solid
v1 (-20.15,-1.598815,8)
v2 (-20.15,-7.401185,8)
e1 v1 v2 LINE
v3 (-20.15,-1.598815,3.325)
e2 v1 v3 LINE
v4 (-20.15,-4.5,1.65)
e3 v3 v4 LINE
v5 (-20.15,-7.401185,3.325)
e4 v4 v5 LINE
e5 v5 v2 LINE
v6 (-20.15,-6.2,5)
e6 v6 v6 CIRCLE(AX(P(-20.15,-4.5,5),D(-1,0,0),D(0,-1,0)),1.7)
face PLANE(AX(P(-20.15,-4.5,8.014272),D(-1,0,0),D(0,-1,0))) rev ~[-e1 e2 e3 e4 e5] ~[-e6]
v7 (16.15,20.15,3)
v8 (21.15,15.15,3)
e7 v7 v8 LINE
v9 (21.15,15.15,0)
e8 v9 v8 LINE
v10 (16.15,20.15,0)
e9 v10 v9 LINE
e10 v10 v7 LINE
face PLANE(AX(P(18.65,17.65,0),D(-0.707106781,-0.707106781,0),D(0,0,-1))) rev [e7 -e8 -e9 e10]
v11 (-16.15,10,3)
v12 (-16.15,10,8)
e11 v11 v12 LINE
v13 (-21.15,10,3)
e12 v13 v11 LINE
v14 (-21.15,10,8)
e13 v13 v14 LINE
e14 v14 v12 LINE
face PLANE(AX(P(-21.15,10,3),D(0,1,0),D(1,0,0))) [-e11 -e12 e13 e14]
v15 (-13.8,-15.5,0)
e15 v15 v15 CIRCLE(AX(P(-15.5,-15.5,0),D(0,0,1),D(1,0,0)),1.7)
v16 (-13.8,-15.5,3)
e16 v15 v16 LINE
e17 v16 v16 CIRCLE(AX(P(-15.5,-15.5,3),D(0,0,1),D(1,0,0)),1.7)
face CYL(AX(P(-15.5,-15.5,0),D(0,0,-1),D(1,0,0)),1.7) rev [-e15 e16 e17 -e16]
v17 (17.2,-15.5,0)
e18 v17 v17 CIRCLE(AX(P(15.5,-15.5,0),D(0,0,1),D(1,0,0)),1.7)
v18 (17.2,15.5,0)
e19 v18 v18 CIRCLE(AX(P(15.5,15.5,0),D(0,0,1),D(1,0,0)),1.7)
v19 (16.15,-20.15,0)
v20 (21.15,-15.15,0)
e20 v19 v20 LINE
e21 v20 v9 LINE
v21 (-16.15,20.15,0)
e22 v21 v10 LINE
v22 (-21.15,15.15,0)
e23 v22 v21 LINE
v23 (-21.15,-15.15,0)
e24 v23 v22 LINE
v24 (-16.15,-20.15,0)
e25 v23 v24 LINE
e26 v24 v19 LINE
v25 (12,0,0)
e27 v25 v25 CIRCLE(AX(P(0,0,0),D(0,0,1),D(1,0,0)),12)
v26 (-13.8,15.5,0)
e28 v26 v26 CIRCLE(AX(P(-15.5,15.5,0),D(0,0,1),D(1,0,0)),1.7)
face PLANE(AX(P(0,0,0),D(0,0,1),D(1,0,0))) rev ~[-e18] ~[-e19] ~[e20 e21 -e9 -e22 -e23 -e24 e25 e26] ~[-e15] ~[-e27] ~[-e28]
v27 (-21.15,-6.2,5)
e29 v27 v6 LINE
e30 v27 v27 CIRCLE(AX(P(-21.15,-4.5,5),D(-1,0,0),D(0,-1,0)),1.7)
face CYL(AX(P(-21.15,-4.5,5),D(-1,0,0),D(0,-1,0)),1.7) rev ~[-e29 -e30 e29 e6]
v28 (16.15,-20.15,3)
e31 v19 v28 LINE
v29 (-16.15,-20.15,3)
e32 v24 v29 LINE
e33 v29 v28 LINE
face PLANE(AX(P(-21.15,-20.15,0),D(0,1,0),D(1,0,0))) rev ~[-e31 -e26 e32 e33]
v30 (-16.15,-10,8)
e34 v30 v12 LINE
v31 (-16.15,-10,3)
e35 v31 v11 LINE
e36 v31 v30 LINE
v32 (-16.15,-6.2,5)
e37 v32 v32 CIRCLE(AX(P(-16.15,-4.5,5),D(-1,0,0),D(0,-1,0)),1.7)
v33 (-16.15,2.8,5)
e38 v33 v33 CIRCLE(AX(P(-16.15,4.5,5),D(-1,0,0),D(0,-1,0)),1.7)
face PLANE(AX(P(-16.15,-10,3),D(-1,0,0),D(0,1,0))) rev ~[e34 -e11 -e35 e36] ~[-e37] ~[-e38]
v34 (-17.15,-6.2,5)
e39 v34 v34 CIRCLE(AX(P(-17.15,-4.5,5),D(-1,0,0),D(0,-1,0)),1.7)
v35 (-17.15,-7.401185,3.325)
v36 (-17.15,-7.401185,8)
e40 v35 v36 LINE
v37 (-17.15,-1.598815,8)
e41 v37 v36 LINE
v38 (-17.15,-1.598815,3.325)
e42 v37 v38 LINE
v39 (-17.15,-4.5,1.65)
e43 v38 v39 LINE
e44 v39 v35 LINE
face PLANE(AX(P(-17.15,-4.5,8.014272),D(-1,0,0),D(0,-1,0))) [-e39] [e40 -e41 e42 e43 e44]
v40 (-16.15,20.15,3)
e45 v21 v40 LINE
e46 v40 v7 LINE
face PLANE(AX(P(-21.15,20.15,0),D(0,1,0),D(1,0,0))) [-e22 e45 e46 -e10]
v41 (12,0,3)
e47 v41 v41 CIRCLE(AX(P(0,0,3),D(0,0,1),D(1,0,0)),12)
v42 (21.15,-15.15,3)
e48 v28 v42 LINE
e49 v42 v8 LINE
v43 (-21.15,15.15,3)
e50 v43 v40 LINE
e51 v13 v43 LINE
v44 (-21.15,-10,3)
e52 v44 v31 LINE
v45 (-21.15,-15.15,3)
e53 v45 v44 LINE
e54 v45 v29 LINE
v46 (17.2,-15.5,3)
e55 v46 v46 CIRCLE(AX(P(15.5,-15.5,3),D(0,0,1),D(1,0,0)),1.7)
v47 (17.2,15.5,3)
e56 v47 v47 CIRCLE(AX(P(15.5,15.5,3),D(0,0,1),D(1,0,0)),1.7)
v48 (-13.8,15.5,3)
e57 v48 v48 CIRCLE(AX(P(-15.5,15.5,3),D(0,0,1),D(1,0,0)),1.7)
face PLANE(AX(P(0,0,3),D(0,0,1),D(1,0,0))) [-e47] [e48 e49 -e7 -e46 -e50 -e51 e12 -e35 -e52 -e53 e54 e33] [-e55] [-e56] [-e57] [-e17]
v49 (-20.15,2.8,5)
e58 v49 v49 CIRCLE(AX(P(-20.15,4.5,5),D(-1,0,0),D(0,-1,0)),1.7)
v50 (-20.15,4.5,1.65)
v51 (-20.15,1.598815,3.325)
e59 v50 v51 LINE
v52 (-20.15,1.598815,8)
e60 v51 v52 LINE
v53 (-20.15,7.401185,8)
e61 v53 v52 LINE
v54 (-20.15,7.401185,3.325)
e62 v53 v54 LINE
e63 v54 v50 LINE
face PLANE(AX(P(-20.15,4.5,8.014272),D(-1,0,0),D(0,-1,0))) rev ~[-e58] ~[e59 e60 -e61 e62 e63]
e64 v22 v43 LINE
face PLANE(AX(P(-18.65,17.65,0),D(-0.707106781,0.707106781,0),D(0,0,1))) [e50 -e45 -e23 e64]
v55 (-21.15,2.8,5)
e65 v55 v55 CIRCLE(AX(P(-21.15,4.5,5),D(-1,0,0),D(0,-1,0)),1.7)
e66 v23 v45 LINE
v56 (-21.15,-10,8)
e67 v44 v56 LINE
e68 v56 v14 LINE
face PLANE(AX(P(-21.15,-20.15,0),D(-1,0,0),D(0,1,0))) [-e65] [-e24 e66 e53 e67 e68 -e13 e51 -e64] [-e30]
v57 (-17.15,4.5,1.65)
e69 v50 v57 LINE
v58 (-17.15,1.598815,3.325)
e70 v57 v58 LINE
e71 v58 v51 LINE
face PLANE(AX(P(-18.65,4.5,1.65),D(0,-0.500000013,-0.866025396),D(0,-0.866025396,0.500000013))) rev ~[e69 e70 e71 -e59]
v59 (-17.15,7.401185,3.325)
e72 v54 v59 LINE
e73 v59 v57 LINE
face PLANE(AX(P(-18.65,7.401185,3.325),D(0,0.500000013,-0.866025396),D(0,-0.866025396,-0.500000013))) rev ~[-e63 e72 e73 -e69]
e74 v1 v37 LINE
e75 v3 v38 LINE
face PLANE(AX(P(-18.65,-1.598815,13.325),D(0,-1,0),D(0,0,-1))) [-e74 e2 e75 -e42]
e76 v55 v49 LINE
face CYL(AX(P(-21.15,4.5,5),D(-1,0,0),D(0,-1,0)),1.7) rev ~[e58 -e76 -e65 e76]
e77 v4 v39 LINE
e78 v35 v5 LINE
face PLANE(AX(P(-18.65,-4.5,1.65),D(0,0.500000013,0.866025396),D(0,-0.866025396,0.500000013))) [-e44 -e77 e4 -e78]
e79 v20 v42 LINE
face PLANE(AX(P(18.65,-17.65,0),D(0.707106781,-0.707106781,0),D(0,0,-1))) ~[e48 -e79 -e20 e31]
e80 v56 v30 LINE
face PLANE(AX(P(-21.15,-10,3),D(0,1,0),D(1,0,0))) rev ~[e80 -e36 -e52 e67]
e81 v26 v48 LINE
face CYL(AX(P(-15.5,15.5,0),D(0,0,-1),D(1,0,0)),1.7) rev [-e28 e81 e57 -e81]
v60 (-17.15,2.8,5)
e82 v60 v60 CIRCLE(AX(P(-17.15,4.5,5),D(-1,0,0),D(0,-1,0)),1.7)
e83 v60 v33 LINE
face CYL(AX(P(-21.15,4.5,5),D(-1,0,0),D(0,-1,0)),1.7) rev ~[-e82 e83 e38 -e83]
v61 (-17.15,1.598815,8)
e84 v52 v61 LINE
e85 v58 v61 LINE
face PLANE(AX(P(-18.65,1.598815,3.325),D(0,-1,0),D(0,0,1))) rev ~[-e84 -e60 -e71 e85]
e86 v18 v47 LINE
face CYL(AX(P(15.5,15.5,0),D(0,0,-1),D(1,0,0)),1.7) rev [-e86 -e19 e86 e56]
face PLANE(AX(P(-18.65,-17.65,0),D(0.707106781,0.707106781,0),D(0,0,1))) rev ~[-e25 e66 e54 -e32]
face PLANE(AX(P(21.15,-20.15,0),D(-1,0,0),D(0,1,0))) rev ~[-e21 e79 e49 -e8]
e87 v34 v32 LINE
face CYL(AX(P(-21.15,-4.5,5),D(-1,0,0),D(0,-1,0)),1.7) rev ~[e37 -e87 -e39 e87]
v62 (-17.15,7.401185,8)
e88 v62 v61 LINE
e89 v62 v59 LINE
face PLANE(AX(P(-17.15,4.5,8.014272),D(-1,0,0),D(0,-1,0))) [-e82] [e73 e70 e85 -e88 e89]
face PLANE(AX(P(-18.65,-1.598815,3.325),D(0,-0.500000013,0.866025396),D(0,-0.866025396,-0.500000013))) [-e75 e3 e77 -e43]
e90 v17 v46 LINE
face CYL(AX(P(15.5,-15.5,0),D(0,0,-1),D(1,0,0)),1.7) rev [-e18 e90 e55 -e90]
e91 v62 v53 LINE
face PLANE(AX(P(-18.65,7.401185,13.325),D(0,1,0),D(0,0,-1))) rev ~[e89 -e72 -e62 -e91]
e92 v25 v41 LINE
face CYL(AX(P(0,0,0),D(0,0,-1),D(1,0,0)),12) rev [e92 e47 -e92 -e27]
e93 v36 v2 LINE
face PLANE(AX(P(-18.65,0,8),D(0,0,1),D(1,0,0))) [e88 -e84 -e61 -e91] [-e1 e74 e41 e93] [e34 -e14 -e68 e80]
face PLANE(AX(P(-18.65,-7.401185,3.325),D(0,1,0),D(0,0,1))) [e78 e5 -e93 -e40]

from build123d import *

# Parameters (mm, degrees)
SKETCH_W        = 42.3
SKETCH_H        = 40.3
SKETCH_R        = 12
SKETCH_R_2      = 1.7
PAD_DEPTH       = 3
CHAMFER_SIZE    = 5
SKETCH001_W     = 5
SKETCH001_H     = 20
PAD001_DEPTH    = 5
SKETCH002_R     = 1.7
POCKET_DEPTH    = 42.301
POCKET001_DEPTH = 1.5


with BuildPart() as part:
    # Sketch → Pad (new body)
    with BuildSketch(Plane.XY):
        Rectangle(SKETCH_W, SKETCH_H)
        Circle(SKETCH_R, mode=Mode.SUBTRACT)
        with Locations((-15.5, 15.5)):
            Circle(SKETCH_R_2, mode=Mode.SUBTRACT)
        with Locations((-15.5, -15.5)):
            Circle(SKETCH_R_2, mode=Mode.SUBTRACT)
        with Locations((15.5, -15.5)):
            Circle(SKETCH_R_2, mode=Mode.SUBTRACT)
        with Locations((15.5, 15.5)):
            Circle(SKETCH_R_2, mode=Mode.SUBTRACT)
    extrude(amount=PAD_DEPTH)

    # Chamfer
    chamfer_edges = [part.edges().sort_by_distance(p)[0] for p in [
        (21.15, -20.15, 1.5),
        (-21.15, -20.15, 1.5),
        (21.15, 20.15, 1.5),
        (-21.15, 20.15, 1.5),
    ]]
    chamfer(chamfer_edges, length=CHAMFER_SIZE)

    # Sketch001 (on Face5 of Chamfer) → Pad001 (join)
    with BuildSketch(Plane.XY.offset(3)):
        with Locations((-18.65, 0)):
            Rectangle(SKETCH001_W, SKETCH001_H)
    extrude(amount=PAD001_DEPTH)

    # Sketch002 (on Face19 of Pad001) → Pocket (cut, through all)
    with BuildSketch(Plane(origin=(-21.15, 0, 0), x_dir=(0, -1, 0), z_dir=(-1, 0, 0))):
        with Locations((-4.5, 5)):
            Circle(SKETCH002_R)
        with Locations((4.5, 5)):
            Circle(SKETCH002_R)
    extrude(amount=-POCKET_DEPTH, mode=Mode.SUBTRACT)

    # Sketch003 (on DatumPlane) → Pocket001 (cut, symmetric)
    with BuildSketch(Plane(origin=(-18.65, 0, 0), x_dir=(0, -1, 0), z_dir=(-1, 0, 0))):
        Polygon((4.5, 1.65), (7.401185, 3.325), (7.401185, 13.325), (1.598815, 13.325), (1.598815, 3.325), align=None)
        Polygon((-4.5, 1.65), (-1.598815, 3.325), (-1.598815, 13.325), (-7.401185, 13.325), (-7.401185, 3.325), align=None)
    extrude(amount=POCKET001_DEPTH, both=True, mode=Mode.SUBTRACT)


solid = part.part
